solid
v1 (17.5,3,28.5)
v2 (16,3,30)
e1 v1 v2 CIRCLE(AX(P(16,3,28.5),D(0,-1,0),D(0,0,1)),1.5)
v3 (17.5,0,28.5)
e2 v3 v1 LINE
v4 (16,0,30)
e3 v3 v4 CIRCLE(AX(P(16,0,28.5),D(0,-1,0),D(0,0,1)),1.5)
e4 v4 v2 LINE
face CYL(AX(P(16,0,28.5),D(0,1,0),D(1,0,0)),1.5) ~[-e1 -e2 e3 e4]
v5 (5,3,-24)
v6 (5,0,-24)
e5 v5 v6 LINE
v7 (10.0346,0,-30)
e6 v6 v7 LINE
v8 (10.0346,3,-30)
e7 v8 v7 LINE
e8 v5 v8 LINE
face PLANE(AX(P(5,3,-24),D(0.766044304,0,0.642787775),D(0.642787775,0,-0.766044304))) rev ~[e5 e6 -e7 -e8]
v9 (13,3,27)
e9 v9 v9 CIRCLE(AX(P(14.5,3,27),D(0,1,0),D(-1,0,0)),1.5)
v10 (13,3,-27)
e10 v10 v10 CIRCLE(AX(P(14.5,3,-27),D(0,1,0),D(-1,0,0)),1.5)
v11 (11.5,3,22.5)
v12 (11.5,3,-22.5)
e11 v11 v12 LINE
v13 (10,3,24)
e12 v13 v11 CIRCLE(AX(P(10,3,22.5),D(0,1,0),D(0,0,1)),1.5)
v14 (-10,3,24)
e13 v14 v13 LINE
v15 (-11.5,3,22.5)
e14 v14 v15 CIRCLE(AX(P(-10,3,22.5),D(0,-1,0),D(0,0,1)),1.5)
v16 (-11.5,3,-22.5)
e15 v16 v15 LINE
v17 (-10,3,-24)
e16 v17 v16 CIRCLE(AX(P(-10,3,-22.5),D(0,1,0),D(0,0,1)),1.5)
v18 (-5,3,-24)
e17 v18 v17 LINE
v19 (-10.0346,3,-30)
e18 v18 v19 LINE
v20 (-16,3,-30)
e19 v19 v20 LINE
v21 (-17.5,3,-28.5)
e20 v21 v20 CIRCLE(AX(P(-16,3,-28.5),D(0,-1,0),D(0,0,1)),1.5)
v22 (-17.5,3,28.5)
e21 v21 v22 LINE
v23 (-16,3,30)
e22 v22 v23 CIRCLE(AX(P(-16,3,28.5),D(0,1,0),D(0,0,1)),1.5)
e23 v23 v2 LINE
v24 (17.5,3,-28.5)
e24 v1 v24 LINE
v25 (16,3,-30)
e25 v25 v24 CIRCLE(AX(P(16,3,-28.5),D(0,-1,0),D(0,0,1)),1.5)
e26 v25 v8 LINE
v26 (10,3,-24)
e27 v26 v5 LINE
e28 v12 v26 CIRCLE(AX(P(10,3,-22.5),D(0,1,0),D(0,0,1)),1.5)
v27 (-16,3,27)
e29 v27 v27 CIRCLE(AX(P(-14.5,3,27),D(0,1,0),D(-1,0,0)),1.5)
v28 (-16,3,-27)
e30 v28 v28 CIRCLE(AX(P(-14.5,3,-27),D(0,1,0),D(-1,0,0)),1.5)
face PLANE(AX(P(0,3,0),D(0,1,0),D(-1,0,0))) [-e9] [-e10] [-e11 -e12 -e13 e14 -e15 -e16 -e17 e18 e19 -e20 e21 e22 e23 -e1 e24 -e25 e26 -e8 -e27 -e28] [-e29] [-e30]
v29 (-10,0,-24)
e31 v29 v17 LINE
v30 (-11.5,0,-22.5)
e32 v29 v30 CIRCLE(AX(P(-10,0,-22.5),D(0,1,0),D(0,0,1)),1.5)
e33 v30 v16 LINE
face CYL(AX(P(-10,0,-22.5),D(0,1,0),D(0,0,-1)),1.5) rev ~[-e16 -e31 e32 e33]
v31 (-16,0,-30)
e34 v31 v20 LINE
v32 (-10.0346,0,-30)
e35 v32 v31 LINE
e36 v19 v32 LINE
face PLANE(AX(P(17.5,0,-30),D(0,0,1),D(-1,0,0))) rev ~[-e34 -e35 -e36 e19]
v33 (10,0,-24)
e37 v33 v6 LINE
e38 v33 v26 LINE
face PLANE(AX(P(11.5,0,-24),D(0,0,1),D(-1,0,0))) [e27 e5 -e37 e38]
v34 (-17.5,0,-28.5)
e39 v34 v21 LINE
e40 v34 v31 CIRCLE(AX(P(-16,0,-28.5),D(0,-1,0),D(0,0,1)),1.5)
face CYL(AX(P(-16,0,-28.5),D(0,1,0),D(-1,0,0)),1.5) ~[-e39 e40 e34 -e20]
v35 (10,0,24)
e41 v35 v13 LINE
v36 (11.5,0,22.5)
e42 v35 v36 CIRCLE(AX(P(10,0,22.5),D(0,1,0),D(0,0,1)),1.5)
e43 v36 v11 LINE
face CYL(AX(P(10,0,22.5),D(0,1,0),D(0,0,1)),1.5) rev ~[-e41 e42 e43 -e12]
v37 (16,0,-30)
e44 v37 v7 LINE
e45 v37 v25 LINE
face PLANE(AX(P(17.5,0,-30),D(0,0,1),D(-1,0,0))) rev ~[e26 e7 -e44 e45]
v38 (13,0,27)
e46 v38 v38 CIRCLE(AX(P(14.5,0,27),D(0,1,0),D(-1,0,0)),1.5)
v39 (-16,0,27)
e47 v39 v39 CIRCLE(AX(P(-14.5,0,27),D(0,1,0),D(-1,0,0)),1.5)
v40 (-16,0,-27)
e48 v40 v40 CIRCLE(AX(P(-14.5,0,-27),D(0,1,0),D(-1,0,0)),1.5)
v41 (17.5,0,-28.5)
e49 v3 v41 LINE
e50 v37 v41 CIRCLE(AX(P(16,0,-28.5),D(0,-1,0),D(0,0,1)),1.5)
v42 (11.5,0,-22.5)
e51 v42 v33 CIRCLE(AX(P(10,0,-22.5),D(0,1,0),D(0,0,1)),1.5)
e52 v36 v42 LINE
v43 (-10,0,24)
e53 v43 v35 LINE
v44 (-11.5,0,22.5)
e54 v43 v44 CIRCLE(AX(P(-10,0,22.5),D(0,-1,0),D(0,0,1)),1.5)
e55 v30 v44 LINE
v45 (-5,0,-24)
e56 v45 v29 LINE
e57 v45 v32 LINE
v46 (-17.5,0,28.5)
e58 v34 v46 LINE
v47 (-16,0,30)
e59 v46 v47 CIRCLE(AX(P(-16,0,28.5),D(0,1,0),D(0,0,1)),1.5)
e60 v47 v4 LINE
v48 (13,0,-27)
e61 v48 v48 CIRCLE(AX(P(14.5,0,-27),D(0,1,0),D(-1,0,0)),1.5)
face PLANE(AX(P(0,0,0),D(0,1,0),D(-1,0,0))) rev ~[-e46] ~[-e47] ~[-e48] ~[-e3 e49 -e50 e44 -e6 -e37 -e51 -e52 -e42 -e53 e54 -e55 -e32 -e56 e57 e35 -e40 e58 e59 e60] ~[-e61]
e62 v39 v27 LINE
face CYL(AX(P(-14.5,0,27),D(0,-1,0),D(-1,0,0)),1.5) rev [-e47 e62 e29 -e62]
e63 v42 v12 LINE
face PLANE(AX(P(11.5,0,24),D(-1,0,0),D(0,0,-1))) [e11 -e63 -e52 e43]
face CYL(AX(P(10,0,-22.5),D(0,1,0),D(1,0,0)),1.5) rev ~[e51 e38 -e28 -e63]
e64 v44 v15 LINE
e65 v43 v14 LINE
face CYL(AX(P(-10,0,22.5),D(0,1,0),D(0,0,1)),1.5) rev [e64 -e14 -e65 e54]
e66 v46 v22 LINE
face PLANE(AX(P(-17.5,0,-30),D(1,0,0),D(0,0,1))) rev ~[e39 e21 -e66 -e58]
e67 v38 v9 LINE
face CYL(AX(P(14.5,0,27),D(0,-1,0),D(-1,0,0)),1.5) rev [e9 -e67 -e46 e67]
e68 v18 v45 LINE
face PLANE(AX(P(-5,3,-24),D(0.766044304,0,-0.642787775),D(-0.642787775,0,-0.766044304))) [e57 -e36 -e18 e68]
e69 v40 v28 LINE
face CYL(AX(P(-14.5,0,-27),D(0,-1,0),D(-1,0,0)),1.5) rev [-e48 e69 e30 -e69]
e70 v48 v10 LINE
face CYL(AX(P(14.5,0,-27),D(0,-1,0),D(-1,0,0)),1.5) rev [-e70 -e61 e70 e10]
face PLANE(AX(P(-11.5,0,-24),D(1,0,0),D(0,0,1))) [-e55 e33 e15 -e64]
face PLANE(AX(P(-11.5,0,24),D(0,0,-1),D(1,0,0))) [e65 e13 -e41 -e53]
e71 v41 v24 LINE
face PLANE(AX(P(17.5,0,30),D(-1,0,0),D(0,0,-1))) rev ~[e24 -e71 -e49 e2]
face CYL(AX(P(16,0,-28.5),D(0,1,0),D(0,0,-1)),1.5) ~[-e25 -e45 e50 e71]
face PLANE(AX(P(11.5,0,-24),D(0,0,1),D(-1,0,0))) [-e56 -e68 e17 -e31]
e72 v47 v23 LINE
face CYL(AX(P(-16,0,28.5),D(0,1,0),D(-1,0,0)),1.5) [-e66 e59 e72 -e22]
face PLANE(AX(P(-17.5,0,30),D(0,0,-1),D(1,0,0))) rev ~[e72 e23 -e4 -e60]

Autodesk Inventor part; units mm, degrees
ref_plane "YZ Plane" through (0, 0, 0) normal (1, 0, 0) x (0, 1, 0)
ref_plane "XZ Plane" through (0, 0, 0) normal (0, 1, 0) x (-1, 0, 0)
ref_plane "XY Plane" through (0, 0, 0) normal (0, 0, 1) x (1, 0, 0)
sketch "Sketch1" plane through (0, 0, 0) normal (0, 1, 0) x (-1, 0, 0)
  line L0 (11.5, 24) -> (-11.5, 24)
  line L1 (-11.5, 24) -> (-11.5, -24)
  line L2 (-11.5, -24) -> (11.5, -24)
  line L3 (11.5, -24) -> (11.5, 24)
  line L4 (11.5, 24) -> (-11.5, -24) construction
  line L5 (-11.5, 24) -> (11.5, -24) construction
  line L6 (-8.5, 21) -> (8.5, 21)
  line L7 (8.5, 21) -> (8.5, -21)
  line L8 (8.5, -21) -> (-8.5, -21)
  line L9 (-8.5, -21) -> (-8.5, 21)
  line L10 (-8.5, 21) -> (8.5, -21) construction
  line L11 (8.5, 21) -> (-8.5, -21) construction
  line L12 (0, 0) -> (-8.5, 0) construction
  circle A0 centre (0, -12) radius 1.5
  circle A1 centre (0, 12) radius 1.5
  line L13 (17.5, 30) -> (-17.5, 30)
  line L14 (-17.5, 30) -> (-17.5, -30)
  line L15 (-17.5, -30) -> (17.5, -30)
  line L16 (17.5, -30) -> (17.5, 30)
  line L17 (17.5, 30) -> (-17.5, -30) construction
  line L18 (-17.5, 30) -> (17.5, -30) construction
  circle A2 centre (14.5, 27) radius 1.5
  circle A3 centre (-14.5, 27) radius 1.5
  circle A4 centre (14.5, -27) radius 1.5
  circle A5 centre (-14.5, -27) radius 1.5
  dimension "d0" = 23
  dimension "d1" = 48
  dimension "d3" = 3
  dimension "d4" = 3
  dimension "d5" = 3
  dimension "d6" = 12
  dimension "d9" = 6
  dimension "d10" = 6
  dimension "d13" = 3
  dimension "d14" = 3
  dimension "d15" = 3
  dimension "d16" = 3
  dimension "d17" = 3
  dimension "d18" = 3
extrude "Extrusion1" add sketch "Sketch1" along normal blind 3 contours L16 L15 L14 L13
fillet "Fillet2" radius 1.5 8 edges at (17.5, 1.5, -30) (17.5, 1.5, 30) (-17.5, 1.5, 30) (-17.5, 1.5, -30) (11.5, 1.5, 24) (-11.5, 1.5, 24) (-11.5, 1.5, -24) (11.5, 1.5, -24)
sketch "Sketch2" plane through (0, 3, 0) normal (0, 1, 0) x (1, 0, 0)
  line L0 (-10, 24) -> (10, 24) projected
  line L1 (0, 24) -> (0, 29.9588) construction
  line L2 (0, 24) -> (-5, 24)
  line L3 (16, 30) -> (-16, 30) projected
  line L4 (-5, 24) -> (-10.0346, 30)
  line L5 (10, 24) -> (-10, 24)
  line L6 (-16, 30) -> (16, 30)
  line L7 (5, 24) -> (10.0346, 30)
  line L8 (-10.0346, 30) -> (10.0346, 30)
  point P0 (0, 0)
  dimension "d20" = 40
  dimension "d22" = 5
extrude "Extrusion2" cut sketch "Sketch2" against normal blind 10
properties part number "Middle external"
